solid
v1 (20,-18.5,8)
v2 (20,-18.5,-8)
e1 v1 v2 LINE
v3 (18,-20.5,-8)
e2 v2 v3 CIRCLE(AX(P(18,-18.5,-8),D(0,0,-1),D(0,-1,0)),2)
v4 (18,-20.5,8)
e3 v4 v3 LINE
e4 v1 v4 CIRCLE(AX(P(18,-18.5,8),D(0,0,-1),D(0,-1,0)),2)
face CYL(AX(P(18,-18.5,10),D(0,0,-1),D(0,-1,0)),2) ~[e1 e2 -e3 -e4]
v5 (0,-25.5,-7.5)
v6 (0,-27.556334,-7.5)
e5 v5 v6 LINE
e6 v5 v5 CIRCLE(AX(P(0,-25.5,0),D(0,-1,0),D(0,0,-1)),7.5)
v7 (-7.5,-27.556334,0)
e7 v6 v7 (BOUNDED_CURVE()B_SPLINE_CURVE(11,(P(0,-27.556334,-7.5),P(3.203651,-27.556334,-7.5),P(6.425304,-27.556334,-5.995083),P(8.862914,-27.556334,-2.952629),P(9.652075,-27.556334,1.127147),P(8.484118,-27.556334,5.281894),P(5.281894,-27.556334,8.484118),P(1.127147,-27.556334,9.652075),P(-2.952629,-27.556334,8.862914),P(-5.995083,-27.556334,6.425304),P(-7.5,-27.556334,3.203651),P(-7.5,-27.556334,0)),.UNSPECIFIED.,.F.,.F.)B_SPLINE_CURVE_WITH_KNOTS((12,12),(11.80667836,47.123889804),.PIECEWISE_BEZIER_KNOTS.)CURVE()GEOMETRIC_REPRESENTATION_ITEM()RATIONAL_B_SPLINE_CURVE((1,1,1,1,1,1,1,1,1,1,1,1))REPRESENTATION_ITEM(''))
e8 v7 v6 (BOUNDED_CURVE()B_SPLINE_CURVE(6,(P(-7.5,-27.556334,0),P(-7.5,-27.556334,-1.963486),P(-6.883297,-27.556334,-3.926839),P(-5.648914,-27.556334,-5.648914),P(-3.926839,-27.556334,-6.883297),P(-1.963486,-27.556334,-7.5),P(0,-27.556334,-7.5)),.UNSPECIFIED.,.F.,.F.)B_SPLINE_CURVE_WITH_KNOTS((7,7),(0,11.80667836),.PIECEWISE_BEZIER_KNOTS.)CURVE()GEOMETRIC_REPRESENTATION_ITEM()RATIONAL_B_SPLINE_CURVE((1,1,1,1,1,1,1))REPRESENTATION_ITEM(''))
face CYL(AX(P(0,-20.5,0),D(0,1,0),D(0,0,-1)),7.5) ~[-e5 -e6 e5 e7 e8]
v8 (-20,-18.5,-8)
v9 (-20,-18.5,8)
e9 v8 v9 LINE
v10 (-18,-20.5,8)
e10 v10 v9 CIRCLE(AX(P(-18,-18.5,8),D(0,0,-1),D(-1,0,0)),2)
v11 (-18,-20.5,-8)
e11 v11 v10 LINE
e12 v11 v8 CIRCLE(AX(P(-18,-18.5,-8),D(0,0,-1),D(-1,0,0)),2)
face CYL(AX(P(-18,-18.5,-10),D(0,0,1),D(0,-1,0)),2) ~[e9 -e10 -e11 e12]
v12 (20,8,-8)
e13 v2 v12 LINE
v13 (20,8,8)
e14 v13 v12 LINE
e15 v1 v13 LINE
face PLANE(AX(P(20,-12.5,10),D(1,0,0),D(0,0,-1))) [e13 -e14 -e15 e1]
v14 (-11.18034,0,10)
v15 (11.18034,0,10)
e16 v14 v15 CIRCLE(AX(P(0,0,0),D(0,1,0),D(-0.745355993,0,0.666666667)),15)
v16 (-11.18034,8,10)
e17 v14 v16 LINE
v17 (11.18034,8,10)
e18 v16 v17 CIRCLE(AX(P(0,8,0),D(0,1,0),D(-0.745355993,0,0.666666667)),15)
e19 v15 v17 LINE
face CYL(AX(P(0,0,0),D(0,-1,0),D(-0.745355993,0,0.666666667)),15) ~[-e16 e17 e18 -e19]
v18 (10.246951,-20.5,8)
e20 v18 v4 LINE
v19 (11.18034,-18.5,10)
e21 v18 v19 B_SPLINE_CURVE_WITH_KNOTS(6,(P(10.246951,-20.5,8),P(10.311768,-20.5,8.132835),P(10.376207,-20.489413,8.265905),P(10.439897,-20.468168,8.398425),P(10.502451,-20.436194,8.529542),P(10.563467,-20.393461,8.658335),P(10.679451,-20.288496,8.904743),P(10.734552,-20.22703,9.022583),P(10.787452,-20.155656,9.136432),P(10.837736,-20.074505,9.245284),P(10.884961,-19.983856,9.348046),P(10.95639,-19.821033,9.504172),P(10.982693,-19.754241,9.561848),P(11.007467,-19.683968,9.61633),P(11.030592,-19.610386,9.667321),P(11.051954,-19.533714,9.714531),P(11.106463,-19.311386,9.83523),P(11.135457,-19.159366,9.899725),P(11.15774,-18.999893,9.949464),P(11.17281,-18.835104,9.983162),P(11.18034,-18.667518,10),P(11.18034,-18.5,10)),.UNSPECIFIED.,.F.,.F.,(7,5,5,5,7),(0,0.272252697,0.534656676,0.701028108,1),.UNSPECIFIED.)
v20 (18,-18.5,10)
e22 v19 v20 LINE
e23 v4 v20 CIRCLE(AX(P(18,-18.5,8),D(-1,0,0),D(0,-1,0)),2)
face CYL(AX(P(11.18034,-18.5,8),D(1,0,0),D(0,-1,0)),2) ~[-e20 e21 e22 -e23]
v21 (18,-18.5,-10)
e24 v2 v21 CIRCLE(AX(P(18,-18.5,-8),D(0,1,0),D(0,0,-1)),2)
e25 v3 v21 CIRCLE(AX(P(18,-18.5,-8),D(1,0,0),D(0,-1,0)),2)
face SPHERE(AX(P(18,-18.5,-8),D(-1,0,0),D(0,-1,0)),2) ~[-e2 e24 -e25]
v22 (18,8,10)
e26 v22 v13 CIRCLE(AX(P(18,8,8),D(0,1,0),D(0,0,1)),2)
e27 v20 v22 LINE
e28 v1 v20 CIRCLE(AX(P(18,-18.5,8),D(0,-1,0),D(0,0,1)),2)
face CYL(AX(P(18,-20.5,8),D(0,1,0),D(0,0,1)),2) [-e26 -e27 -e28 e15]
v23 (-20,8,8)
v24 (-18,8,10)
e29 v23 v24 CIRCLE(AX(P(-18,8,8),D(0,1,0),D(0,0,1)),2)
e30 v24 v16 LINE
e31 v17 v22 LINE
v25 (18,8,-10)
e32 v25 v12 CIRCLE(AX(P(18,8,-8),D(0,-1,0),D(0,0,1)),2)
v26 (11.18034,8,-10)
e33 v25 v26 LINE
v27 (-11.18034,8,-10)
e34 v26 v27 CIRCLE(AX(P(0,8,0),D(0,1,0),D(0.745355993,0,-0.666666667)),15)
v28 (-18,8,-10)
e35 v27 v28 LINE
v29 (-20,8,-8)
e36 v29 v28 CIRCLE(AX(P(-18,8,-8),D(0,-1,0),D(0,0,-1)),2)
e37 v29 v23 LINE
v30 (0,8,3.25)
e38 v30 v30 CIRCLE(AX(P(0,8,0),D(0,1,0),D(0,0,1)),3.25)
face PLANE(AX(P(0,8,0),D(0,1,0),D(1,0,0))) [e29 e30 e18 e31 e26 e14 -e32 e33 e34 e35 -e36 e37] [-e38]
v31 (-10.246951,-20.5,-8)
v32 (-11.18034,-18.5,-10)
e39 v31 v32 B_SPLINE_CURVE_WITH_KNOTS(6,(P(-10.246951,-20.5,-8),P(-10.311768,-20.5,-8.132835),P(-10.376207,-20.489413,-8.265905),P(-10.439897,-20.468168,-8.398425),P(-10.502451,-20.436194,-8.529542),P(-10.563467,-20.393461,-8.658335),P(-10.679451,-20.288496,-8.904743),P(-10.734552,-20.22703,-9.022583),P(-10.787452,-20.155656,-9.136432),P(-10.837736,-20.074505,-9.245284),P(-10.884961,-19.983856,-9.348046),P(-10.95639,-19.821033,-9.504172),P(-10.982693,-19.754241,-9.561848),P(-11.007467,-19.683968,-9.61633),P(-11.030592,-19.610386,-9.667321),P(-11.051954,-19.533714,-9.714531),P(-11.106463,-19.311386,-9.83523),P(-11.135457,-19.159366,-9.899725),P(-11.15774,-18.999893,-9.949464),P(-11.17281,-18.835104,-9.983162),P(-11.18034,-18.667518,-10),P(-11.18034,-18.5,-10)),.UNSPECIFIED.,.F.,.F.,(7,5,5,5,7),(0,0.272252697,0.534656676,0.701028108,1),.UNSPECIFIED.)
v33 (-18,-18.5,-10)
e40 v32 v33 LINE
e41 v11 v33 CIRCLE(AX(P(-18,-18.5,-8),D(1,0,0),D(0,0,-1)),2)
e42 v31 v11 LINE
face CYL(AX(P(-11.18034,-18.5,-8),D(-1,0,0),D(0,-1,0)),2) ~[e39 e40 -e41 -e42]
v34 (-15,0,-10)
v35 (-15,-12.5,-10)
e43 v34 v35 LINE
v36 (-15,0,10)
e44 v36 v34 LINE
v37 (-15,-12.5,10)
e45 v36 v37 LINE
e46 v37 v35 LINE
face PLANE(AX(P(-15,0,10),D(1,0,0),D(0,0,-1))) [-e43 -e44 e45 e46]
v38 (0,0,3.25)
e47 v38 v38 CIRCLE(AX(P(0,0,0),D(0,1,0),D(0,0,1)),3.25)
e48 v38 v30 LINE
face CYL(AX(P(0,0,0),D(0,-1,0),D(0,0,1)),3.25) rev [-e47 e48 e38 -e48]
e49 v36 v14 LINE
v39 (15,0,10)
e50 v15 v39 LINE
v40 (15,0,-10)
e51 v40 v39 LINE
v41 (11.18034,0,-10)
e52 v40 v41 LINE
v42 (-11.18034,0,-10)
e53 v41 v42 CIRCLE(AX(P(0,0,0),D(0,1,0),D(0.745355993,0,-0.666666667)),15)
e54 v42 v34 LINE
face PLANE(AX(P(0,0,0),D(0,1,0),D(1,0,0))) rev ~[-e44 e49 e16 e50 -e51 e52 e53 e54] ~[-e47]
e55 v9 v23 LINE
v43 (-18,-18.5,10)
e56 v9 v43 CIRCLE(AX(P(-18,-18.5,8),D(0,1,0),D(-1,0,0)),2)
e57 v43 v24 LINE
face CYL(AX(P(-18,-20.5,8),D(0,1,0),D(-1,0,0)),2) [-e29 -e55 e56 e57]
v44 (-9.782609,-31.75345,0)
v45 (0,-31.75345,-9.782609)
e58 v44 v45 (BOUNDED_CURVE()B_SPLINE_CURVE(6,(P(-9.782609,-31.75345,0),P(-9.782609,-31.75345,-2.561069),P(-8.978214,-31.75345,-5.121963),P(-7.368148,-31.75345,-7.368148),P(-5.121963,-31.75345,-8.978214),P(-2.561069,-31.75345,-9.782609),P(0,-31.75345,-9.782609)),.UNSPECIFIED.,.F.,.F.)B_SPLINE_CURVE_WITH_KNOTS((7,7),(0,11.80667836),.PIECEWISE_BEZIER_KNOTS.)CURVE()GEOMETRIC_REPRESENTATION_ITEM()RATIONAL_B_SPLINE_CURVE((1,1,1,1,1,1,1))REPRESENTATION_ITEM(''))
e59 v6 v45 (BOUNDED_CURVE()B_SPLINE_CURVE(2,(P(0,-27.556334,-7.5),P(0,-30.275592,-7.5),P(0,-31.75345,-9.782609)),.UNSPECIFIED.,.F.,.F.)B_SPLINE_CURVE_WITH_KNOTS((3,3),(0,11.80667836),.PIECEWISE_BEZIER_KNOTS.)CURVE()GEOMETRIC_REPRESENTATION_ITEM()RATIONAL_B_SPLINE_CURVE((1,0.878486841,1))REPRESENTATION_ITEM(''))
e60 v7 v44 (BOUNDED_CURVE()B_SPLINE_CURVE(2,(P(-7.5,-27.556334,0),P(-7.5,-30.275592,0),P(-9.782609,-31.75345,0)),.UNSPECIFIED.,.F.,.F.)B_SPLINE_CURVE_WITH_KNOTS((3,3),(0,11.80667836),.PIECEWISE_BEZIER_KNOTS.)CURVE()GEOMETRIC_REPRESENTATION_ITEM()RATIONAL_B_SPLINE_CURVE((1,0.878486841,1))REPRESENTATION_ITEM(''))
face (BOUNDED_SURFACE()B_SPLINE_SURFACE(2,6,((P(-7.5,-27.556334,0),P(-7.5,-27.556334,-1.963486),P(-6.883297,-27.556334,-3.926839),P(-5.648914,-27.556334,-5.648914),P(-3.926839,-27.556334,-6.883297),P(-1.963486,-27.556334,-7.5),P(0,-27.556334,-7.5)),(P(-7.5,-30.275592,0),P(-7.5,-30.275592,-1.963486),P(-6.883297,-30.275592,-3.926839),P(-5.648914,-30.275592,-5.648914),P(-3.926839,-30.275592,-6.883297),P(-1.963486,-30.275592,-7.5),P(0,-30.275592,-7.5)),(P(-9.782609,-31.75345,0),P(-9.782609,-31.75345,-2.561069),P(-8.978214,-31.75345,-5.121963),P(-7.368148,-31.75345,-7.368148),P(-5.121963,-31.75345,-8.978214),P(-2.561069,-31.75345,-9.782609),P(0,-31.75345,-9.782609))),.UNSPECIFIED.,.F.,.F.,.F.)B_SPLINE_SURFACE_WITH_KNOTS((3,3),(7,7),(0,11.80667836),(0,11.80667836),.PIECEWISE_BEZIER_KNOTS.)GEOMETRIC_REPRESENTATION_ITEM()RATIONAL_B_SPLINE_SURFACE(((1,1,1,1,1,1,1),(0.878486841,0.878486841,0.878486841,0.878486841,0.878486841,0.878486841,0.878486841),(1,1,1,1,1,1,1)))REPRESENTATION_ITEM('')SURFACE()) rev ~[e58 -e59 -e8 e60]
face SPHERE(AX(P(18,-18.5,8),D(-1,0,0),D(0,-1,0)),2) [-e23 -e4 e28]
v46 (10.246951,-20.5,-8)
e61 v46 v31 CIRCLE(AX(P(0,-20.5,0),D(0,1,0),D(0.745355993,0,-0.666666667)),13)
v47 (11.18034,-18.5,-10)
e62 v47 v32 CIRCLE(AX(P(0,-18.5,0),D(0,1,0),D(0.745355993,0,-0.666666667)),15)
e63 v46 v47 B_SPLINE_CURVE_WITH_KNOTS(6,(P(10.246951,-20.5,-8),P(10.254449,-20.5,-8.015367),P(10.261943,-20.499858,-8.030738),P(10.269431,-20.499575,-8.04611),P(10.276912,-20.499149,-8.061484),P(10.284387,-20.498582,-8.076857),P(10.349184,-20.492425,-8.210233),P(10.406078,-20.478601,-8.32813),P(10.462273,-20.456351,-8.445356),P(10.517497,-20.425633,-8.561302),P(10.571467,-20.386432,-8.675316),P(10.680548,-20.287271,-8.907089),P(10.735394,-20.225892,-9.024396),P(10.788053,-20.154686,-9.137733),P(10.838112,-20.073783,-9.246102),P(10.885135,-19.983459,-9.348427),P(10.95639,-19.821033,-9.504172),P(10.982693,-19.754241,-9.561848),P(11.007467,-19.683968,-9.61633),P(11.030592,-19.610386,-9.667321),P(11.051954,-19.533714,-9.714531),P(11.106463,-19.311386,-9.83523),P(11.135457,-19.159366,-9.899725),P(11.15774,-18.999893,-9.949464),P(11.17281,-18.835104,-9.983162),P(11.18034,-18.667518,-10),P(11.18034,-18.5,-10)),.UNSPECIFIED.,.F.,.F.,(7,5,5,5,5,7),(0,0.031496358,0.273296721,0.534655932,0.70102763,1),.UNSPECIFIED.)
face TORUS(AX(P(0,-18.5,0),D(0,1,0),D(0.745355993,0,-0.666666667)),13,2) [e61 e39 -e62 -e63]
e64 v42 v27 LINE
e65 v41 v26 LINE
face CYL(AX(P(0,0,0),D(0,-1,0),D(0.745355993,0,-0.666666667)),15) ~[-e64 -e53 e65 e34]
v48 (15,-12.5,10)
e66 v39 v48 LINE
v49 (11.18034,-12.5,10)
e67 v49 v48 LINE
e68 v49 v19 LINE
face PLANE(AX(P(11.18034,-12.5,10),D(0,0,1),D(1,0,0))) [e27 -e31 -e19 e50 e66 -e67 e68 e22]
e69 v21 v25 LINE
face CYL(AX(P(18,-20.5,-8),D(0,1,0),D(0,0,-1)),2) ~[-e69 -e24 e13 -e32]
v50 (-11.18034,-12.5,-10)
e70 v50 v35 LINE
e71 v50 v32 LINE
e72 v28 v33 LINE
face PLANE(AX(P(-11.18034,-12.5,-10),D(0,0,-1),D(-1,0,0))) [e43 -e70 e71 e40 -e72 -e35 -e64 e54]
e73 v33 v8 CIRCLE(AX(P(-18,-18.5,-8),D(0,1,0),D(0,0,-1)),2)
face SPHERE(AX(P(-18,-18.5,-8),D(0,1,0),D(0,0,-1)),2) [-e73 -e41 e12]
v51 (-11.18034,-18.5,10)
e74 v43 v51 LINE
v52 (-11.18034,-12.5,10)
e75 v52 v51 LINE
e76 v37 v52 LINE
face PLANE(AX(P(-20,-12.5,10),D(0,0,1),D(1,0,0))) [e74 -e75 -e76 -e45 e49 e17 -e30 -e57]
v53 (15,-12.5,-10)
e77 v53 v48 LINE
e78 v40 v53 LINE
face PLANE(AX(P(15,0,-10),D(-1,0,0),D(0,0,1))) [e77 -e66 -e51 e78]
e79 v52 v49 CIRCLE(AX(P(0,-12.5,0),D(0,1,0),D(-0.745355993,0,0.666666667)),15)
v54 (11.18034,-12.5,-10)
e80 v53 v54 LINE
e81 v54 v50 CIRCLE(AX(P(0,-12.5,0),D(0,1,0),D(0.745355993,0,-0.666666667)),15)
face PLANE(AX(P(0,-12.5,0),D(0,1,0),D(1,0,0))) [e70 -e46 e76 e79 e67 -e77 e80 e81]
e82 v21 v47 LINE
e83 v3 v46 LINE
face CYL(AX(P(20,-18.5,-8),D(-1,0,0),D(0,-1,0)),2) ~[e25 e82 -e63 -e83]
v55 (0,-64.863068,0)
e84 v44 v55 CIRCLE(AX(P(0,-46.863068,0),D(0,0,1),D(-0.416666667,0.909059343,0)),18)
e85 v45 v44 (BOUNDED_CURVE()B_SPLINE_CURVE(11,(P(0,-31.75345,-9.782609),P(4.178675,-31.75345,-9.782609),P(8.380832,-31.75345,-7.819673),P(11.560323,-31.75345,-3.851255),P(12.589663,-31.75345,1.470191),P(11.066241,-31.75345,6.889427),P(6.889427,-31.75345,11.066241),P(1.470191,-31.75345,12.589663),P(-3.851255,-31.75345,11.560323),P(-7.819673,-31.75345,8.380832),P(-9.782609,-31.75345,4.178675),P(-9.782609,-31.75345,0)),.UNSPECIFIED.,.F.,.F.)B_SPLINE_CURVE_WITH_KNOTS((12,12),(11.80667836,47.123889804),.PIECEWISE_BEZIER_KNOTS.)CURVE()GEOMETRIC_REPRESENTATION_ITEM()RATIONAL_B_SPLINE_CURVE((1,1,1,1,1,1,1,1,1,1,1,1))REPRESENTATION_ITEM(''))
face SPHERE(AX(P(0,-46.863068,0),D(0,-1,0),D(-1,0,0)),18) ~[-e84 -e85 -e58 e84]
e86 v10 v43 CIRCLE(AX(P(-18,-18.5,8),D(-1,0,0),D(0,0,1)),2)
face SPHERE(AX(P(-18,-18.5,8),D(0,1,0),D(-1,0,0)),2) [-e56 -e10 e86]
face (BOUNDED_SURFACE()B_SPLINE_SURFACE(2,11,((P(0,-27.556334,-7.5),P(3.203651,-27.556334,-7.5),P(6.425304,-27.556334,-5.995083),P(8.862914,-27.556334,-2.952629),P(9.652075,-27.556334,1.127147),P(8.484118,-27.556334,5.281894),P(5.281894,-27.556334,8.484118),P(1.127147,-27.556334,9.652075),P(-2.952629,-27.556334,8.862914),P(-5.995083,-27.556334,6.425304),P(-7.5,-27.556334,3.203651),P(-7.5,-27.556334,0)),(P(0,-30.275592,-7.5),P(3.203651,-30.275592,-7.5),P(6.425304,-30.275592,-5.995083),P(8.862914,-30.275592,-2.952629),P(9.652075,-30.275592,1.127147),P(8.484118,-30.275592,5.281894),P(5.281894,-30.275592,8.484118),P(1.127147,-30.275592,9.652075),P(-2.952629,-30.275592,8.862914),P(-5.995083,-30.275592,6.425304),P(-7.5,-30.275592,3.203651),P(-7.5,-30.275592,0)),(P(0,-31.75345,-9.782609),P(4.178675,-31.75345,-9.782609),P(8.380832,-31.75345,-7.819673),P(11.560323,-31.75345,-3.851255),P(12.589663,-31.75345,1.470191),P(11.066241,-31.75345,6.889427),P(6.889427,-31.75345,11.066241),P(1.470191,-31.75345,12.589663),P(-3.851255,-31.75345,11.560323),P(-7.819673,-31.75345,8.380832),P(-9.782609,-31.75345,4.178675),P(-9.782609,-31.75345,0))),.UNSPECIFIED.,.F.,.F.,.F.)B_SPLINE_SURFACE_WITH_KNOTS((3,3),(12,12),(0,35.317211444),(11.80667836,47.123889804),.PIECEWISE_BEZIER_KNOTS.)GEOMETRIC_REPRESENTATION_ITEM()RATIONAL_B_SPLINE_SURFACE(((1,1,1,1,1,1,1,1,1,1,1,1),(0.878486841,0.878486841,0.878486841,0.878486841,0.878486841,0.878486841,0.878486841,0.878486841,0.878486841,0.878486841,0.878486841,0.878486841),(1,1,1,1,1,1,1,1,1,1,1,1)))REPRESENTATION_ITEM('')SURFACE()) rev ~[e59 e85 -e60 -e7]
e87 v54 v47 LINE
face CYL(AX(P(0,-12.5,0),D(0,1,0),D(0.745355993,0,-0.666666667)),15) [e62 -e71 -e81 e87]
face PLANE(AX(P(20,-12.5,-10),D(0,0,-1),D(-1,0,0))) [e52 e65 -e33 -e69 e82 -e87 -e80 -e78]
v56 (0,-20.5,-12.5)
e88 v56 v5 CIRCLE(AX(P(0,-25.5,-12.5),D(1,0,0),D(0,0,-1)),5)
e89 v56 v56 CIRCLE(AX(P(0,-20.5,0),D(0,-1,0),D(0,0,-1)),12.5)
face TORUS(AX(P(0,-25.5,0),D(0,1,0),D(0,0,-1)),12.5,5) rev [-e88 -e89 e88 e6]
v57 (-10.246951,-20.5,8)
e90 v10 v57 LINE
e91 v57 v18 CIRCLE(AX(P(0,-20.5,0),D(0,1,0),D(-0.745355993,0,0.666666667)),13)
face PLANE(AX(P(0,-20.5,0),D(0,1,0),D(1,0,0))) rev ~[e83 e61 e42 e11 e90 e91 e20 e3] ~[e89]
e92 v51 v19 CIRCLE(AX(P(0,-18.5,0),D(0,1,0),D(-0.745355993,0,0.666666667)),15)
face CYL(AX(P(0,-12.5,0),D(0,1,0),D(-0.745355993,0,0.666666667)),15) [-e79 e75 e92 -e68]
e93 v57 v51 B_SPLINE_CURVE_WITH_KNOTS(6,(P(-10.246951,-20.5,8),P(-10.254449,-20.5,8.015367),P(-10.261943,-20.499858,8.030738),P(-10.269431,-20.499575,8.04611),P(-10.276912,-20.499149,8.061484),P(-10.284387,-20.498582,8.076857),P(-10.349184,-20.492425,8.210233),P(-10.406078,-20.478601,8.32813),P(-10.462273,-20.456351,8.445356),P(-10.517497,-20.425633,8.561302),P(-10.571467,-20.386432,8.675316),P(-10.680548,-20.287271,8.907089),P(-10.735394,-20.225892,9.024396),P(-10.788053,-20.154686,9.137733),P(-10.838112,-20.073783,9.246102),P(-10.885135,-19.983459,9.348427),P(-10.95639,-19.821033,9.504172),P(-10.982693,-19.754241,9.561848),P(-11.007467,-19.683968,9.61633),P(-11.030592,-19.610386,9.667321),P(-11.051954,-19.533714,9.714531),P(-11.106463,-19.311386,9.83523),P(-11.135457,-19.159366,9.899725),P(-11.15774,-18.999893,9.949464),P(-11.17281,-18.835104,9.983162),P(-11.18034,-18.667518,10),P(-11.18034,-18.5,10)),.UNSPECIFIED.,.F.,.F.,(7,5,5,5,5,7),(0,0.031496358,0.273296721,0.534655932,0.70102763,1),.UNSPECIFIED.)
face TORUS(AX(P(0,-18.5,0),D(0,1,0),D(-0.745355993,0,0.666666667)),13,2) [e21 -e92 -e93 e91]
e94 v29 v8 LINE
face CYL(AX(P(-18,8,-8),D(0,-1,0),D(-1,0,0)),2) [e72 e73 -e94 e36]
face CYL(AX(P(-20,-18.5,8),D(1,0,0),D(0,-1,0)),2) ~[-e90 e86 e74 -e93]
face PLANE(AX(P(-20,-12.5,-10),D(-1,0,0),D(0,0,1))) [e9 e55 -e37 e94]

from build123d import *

# Parameters (mm, degrees)
SKETCH1_R           = 3.25
BOSS_EXTRUDE1_DEPTH = 8
BOSS_EXTRUDE2_DEPTH = 12.5
BOSS_EXTRUDE3_START = -12.5
BOSS_EXTRUDE3_DEPTH = 8
SKETCH2_R           = 7.5
BOSS_EXTRUDE4_DEPTH = 10
FILLET2_R           = 2
FILLET3_R           = 5


with BuildPart() as part:
    # Sketch1 → Boss-Extrude1 (new body)
    with BuildSketch(Plane(origin=(0, 0, 0), x_dir=(1, 0, 0), z_dir=(0, 1, 0))):
        with BuildLine():
            Line((-20, 10), (-20, -10))
            Line((-20, -10), (-11.180339887, -10))
            ThreePointArc((-11.180339887, -10), (0, -15), (11.180339887, -10))
            Line((11.180339887, -10), (20, -10))
            Line((20, -10), (20, 10))
            Line((20, 10), (11.180339887, 10))
            ThreePointArc((11.180339887, 10), (0, 15), (-11.180339887, 10))
            Line((-11.180339887, 10), (-20, 10))
        make_face()
        with Locations(Location((0, 0, 0), (0, 0, 270))):
            Circle(SKETCH1_R, mode=Mode.SUBTRACT)
    extrude(amount=BOSS_EXTRUDE1_DEPTH)

    # Sketch1<3> → Boss-Extrude2 (add)
    with BuildSketch(Plane(origin=(0, 0, 0), x_dir=(1, 0, 0), z_dir=(0, 1, 0))):
        Polygon((-15, 10), (-20, 10), (-20, -10), (-15, -10), (-15, 0), align=None)
        Polygon((20, 10), (15, 10), (15, 0), (15, -10), (20, -10), align=None)
    extrude(amount=-BOSS_EXTRUDE2_DEPTH)

    # Sketch1<4> → Boss-Extrude3 (add)
    with BuildSketch(Plane(origin=(0, 0, 0), x_dir=(1, 0, 0), z_dir=(0, 1, 0)).offset(BOSS_EXTRUDE3_START)):
        with BuildLine():
            Line((-20, 10), (-20, -10))
            Line((-20, -10), (-11.180339887, -10))
            ThreePointArc((-11.180339887, -10), (0, -15), (11.180339887, -10))
            Line((11.180339887, -10), (20, -10))
            Line((20, -10), (20, 10))
            Line((20, 10), (11.180339887, 10))
            ThreePointArc((11.180339887, 10), (0, 15), (-11.180339887, 10))
            Line((-11.180339887, 10), (-20, 10))
        make_face()
    extrude(amount=-BOSS_EXTRUDE3_DEPTH)

    # Sketch2 → Boss-Extrude4 (add)
    with BuildSketch(Plane.XZ.offset(20.5)):
        with Locations(Location((0, 0, 0), (0, 0, 270))):
            Circle(SKETCH2_R)
    extrude(amount=BOSS_EXTRUDE4_DEPTH)

    # Sketch3 → Revolve1 (revolve)
    with BuildSketch(Plane.XY):
        with BuildLine():
            ThreePointArc((0, -28.863068172), (-3.8382791, -29.277061987), (-7.5, -30.5))
            Line((-7.5, -30.5), (0, -30.5))
            Line((0, -30.5), (0, -28.863068172))
        make_face()
        with BuildLine():
            Line((0, -30.5), (-7.5, -30.5))
            ThreePointArc((-7.5, -30.5), (-17.586006185, -50.701347272), (0, -64.863068172))
            Line((0, -64.863068172), (0, -30.5))
        make_face()
    revolve(axis=Axis((0, -64.863068172, 0), (0, 1, 0)))

    # Fillet2
    fillet2_edges = [part.edges().sort_by_distance(p)[0] for p in [
        (-20, -6.25, -10),
        (-20, -6.25, 10),
        (15.590169944, -20.5, 10),
        (0, -20.5, -15),
        (0, -20.5, 15),
        (-15.590169944, -20.5, -10),
        (15.590169944, -20.5, -10),
        (20, -20.5, 0),
        (-20, -20.5, 0),
        (20, -6.25, -10),
        (-15.590169944, -20.5, 10),
        (20, -6.25, 10),
    ]]
    fillet(fillet2_edges, radius=FILLET2_R)

    # Fillet3
    fillet3_edges = [part.edges().sort_by_distance(p)[0] for p in [
        (0, -20.5, 7.5),
        (-5.303300859, -30.5, -5.303300859),
    ]]
    fillet(fillet3_edges, radius=FILLET3_R)


solid = part.part
